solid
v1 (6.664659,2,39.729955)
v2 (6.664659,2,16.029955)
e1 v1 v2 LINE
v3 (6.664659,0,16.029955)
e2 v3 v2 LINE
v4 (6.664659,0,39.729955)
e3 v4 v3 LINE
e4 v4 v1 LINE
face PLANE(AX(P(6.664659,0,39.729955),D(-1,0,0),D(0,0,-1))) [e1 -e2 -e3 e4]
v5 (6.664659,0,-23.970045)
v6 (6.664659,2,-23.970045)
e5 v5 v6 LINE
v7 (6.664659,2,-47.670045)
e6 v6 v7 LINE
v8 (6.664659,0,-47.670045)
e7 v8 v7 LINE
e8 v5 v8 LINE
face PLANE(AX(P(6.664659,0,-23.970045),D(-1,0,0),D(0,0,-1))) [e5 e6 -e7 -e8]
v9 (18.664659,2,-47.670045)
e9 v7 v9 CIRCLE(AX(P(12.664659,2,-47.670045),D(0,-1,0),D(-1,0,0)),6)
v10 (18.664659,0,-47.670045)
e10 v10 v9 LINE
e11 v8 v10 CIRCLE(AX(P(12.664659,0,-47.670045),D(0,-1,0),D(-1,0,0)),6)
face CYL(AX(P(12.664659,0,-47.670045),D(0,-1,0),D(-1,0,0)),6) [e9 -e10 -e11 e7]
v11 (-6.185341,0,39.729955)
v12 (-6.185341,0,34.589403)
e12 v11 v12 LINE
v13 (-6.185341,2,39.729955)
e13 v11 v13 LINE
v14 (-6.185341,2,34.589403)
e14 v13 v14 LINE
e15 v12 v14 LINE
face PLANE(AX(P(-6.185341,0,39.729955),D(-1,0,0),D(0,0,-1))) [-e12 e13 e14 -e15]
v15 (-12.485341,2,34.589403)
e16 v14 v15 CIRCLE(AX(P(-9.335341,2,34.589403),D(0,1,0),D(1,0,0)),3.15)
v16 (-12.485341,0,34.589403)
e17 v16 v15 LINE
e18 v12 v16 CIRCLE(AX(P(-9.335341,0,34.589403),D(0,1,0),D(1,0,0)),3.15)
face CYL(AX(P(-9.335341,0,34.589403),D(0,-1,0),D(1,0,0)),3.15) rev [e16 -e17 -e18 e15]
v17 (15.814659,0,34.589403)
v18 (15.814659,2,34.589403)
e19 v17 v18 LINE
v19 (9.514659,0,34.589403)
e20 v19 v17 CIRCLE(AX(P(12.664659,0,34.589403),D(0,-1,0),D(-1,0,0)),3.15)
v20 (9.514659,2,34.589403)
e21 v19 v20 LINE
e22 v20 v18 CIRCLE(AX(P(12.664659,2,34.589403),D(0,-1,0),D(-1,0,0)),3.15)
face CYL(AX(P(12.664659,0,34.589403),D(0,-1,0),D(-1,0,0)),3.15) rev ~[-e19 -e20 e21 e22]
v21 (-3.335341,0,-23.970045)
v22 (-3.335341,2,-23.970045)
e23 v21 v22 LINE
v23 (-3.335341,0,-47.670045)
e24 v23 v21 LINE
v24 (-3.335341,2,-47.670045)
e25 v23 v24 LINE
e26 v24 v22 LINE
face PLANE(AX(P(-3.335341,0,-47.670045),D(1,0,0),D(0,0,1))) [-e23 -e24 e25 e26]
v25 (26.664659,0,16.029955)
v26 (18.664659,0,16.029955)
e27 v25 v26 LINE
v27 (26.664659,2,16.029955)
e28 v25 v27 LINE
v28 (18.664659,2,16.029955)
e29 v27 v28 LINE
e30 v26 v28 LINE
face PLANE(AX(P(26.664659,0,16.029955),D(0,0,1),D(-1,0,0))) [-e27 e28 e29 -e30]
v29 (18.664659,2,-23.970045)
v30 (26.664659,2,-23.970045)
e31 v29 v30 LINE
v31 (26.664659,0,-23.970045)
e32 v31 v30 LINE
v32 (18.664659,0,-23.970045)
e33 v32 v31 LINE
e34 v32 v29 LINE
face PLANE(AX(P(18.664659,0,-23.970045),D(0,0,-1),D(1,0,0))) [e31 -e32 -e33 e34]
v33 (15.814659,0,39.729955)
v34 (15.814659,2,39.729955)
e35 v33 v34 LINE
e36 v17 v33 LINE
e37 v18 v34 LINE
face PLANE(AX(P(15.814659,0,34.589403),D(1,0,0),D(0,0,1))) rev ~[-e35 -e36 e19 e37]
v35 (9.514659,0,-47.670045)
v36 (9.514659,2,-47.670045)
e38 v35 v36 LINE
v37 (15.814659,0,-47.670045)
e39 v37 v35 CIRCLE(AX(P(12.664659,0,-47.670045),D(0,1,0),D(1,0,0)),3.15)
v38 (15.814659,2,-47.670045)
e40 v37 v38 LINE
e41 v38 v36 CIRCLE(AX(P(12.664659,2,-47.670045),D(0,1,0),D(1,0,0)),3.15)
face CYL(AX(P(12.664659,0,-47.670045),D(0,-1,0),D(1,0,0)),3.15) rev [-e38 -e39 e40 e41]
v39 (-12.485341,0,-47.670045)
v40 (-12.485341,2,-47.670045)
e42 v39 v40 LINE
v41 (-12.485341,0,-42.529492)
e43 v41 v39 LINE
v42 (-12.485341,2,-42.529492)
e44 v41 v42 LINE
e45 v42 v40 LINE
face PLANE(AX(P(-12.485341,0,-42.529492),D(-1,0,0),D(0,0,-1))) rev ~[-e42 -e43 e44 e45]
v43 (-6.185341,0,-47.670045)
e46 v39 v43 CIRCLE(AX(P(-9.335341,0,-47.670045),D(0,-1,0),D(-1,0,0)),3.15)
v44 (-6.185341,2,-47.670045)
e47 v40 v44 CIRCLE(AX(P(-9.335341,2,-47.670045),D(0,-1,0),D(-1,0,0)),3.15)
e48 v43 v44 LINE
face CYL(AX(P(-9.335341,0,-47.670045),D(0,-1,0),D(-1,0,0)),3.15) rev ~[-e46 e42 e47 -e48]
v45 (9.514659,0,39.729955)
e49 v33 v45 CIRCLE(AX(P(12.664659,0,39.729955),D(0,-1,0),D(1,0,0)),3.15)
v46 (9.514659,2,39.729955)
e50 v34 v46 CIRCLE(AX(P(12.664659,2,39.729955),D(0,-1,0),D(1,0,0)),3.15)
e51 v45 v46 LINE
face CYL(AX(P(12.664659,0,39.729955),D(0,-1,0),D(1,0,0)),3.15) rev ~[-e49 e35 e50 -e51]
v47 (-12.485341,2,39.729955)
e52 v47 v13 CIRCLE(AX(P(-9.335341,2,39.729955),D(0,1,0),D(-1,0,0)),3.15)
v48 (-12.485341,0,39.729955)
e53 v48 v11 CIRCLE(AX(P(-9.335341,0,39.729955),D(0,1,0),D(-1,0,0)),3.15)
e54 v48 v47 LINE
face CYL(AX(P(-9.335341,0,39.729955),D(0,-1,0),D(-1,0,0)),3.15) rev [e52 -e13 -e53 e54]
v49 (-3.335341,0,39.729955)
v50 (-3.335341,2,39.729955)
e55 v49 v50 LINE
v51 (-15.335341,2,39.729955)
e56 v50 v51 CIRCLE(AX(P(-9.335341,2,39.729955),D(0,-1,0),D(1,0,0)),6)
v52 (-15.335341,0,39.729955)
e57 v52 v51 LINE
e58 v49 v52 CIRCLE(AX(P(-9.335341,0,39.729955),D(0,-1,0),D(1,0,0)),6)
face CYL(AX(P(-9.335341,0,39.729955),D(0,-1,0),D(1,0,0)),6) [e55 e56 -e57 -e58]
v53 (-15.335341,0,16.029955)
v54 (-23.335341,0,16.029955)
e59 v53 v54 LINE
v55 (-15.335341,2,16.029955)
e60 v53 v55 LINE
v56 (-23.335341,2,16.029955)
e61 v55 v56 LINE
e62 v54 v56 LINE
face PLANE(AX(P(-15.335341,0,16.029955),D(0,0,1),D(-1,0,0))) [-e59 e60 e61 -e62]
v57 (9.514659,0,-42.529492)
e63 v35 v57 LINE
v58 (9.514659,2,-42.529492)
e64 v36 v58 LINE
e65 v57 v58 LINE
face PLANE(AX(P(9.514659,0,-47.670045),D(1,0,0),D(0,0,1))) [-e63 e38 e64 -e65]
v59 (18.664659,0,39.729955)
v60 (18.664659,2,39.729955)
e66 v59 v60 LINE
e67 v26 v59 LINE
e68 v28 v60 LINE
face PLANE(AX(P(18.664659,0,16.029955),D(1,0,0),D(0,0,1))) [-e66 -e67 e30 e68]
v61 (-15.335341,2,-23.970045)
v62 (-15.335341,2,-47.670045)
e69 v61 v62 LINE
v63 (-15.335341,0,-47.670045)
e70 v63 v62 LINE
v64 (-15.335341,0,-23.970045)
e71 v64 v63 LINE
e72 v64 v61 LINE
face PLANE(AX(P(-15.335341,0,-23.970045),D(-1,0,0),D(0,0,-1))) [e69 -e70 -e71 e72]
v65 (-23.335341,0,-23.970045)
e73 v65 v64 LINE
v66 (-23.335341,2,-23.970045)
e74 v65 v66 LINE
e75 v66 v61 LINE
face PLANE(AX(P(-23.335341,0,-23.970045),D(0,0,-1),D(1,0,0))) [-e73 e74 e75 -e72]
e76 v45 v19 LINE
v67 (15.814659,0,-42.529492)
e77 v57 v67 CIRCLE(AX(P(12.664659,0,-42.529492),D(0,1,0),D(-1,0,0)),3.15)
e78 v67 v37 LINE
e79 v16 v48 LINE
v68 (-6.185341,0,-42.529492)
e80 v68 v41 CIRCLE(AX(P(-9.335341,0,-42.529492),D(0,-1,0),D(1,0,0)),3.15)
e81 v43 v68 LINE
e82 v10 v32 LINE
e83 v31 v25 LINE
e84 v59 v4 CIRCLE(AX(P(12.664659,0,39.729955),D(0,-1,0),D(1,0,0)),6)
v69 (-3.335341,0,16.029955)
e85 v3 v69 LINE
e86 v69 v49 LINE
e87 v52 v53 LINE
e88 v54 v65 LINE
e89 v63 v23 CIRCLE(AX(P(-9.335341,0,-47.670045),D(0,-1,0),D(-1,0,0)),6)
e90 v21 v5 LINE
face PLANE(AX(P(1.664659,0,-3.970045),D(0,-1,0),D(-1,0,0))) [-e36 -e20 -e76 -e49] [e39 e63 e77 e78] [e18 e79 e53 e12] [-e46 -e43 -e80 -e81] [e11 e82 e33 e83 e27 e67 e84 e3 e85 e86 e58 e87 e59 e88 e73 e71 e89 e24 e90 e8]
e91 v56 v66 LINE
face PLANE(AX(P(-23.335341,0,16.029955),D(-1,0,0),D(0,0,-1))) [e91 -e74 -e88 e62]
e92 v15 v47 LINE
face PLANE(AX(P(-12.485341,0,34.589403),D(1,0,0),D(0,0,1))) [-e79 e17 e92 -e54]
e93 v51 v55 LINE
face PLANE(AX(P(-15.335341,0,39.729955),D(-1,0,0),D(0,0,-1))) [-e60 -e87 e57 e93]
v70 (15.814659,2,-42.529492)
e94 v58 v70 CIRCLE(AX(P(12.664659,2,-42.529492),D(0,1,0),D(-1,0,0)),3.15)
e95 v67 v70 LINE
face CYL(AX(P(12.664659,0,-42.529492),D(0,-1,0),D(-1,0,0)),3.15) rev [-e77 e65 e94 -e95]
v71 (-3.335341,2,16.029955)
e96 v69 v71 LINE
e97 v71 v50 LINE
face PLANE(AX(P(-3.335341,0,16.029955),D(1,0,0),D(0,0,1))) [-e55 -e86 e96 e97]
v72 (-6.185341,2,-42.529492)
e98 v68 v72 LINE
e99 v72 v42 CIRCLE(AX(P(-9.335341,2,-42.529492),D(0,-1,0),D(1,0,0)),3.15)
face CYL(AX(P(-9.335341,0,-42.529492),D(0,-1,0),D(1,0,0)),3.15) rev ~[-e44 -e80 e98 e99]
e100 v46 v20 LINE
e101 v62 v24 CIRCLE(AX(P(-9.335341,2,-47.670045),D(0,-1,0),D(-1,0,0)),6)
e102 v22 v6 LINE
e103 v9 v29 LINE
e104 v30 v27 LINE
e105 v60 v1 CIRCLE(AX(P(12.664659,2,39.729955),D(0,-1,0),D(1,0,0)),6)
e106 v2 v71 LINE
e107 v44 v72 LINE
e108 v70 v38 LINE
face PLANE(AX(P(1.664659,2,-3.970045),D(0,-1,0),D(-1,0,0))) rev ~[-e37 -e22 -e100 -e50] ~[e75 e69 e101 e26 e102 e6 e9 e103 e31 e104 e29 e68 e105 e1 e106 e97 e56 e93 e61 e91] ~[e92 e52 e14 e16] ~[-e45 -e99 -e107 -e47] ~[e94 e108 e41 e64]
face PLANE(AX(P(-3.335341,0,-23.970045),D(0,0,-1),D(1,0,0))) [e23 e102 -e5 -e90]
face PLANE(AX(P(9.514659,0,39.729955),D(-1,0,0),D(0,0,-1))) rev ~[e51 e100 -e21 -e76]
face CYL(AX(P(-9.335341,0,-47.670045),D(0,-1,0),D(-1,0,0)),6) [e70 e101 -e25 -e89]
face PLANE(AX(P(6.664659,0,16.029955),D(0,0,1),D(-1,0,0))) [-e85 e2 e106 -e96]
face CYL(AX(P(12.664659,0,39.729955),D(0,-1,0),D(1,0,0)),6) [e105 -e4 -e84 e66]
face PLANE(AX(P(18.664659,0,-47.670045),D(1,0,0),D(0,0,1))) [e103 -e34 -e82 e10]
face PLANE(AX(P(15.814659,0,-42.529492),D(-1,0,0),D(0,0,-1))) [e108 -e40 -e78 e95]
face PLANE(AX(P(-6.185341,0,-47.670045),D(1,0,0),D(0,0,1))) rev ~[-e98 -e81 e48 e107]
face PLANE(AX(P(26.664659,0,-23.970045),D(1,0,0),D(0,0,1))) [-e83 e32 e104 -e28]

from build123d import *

# Parameters (mm, degrees)
BOSS_EXTRUDE1_DEPTH = 2


with BuildPart() as part:
    # Sketch1 → Boss-Extrude1 (new body)
    with BuildSketch(Plane(origin=(0, 0, 0), x_dir=(1, 0, 0), z_dir=(0, 1, 0))):
        with BuildLine():
            Line((-23.335340856, 23.970044555), (-15.335340856, 23.970044555))
            Line((-15.335340856, 23.970044555), (-15.335340856, 47.670044555))
            ThreePointArc((-15.335340856, 47.670044555), (-9.335340856, 53.670044555), (-3.335340856, 47.670044555))
            Line((-3.335340856, 47.670044555), (-3.335340856, 23.970044555))
            Line((-3.335340856, 23.970044555), (6.664659144, 23.970044555))
            Line((6.664659144, 23.970044555), (6.664659144, 47.670044555))
            ThreePointArc((6.664659144, 47.670044555), (12.664659144, 53.670044555), (18.664659144, 47.670044555))
            Line((18.664659144, 47.670044555), (18.664659144, 23.970044555))
            Line((18.664659144, 23.970044555), (26.664659144, 23.970044555))
            Line((26.664659144, 23.970044555), (26.664659144, -16.029955445))
            Line((26.664659144, -16.029955445), (18.664659144, -16.029955445))
            Line((18.664659144, -16.029955445), (18.664659144, -39.729955445))
            ThreePointArc((18.664659144, -39.729955445), (12.664659144, -45.729955445), (6.664659144, -39.729955445))
            Line((6.664659144, -39.729955445), (6.664659144, -16.029955445))
            Line((6.664659144, -16.029955445), (-3.335340856, -16.029955445))
            Line((-3.335340856, -16.029955445), (-3.335340856, -39.729955445))
            ThreePointArc((-3.335340856, -39.729955445), (-9.335340856, -45.729955445), (-15.335340856, -39.729955445))
            Line((-15.335340856, -39.729955445), (-15.335340856, -16.029955445))
            Line((-15.335340856, -16.029955445), (-23.335340856, -16.029955445))
            Line((-23.335340856, -16.029955445), (-23.335340856, 23.970044555))
        make_face()
        with BuildLine():
            Line((9.514659144, 47.670044555), (9.514659144, 42.529492266))
            ThreePointArc((9.514659144, 42.529492266), (12.664659144, 39.379492266), (15.814659144, 42.529492266))
            Line((15.814659144, 42.529492266), (15.814659144, 47.670044555))
            ThreePointArc((15.814659144, 47.670044555), (12.664659144, 50.820044555), (9.514659144, 47.670044555))
        make_face(mode=Mode.SUBTRACT)
        with BuildLine():
            Line((-6.185340856, 47.670044555), (-6.185340856, 42.529492266))
            ThreePointArc((-6.185340856, 42.529492266), (-9.335340856, 39.379492266), (-12.485340856, 42.529492266))
            Line((-12.485340856, 42.529492266), (-12.485340856, 47.670044555))
            ThreePointArc((-12.485340856, 47.670044555), (-9.335340856, 50.820044555), (-6.185340856, 47.670044555))
        make_face(mode=Mode.SUBTRACT)
        with BuildLine():
            Line((9.514659144, -39.729955445), (9.514659144, -34.589403157))
            ThreePointArc((9.514659144, -34.589403157), (12.664659144, -31.439403157), (15.814659144, -34.589403157))
            Line((15.814659144, -34.589403157), (15.814659144, -39.729955445))
            ThreePointArc((15.814659144, -39.729955445), (12.664659144, -42.879955445), (9.514659144, -39.729955445))
        make_face(mode=Mode.SUBTRACT)
        with BuildLine():
            Line((-6.185340856, -39.729955445), (-6.185340856, -34.589403157))
            ThreePointArc((-6.185340856, -34.589403157), (-9.335340856, -31.439403157), (-12.485340856, -34.589403157))
            Line((-12.485340856, -34.589403157), (-12.485340856, -39.729955445))
            ThreePointArc((-12.485340856, -39.729955445), (-9.335340856, -42.879955445), (-6.185340856, -39.729955445))
        make_face(mode=Mode.SUBTRACT)
    extrude(amount=BOSS_EXTRUDE1_DEPTH)


solid = part.part
